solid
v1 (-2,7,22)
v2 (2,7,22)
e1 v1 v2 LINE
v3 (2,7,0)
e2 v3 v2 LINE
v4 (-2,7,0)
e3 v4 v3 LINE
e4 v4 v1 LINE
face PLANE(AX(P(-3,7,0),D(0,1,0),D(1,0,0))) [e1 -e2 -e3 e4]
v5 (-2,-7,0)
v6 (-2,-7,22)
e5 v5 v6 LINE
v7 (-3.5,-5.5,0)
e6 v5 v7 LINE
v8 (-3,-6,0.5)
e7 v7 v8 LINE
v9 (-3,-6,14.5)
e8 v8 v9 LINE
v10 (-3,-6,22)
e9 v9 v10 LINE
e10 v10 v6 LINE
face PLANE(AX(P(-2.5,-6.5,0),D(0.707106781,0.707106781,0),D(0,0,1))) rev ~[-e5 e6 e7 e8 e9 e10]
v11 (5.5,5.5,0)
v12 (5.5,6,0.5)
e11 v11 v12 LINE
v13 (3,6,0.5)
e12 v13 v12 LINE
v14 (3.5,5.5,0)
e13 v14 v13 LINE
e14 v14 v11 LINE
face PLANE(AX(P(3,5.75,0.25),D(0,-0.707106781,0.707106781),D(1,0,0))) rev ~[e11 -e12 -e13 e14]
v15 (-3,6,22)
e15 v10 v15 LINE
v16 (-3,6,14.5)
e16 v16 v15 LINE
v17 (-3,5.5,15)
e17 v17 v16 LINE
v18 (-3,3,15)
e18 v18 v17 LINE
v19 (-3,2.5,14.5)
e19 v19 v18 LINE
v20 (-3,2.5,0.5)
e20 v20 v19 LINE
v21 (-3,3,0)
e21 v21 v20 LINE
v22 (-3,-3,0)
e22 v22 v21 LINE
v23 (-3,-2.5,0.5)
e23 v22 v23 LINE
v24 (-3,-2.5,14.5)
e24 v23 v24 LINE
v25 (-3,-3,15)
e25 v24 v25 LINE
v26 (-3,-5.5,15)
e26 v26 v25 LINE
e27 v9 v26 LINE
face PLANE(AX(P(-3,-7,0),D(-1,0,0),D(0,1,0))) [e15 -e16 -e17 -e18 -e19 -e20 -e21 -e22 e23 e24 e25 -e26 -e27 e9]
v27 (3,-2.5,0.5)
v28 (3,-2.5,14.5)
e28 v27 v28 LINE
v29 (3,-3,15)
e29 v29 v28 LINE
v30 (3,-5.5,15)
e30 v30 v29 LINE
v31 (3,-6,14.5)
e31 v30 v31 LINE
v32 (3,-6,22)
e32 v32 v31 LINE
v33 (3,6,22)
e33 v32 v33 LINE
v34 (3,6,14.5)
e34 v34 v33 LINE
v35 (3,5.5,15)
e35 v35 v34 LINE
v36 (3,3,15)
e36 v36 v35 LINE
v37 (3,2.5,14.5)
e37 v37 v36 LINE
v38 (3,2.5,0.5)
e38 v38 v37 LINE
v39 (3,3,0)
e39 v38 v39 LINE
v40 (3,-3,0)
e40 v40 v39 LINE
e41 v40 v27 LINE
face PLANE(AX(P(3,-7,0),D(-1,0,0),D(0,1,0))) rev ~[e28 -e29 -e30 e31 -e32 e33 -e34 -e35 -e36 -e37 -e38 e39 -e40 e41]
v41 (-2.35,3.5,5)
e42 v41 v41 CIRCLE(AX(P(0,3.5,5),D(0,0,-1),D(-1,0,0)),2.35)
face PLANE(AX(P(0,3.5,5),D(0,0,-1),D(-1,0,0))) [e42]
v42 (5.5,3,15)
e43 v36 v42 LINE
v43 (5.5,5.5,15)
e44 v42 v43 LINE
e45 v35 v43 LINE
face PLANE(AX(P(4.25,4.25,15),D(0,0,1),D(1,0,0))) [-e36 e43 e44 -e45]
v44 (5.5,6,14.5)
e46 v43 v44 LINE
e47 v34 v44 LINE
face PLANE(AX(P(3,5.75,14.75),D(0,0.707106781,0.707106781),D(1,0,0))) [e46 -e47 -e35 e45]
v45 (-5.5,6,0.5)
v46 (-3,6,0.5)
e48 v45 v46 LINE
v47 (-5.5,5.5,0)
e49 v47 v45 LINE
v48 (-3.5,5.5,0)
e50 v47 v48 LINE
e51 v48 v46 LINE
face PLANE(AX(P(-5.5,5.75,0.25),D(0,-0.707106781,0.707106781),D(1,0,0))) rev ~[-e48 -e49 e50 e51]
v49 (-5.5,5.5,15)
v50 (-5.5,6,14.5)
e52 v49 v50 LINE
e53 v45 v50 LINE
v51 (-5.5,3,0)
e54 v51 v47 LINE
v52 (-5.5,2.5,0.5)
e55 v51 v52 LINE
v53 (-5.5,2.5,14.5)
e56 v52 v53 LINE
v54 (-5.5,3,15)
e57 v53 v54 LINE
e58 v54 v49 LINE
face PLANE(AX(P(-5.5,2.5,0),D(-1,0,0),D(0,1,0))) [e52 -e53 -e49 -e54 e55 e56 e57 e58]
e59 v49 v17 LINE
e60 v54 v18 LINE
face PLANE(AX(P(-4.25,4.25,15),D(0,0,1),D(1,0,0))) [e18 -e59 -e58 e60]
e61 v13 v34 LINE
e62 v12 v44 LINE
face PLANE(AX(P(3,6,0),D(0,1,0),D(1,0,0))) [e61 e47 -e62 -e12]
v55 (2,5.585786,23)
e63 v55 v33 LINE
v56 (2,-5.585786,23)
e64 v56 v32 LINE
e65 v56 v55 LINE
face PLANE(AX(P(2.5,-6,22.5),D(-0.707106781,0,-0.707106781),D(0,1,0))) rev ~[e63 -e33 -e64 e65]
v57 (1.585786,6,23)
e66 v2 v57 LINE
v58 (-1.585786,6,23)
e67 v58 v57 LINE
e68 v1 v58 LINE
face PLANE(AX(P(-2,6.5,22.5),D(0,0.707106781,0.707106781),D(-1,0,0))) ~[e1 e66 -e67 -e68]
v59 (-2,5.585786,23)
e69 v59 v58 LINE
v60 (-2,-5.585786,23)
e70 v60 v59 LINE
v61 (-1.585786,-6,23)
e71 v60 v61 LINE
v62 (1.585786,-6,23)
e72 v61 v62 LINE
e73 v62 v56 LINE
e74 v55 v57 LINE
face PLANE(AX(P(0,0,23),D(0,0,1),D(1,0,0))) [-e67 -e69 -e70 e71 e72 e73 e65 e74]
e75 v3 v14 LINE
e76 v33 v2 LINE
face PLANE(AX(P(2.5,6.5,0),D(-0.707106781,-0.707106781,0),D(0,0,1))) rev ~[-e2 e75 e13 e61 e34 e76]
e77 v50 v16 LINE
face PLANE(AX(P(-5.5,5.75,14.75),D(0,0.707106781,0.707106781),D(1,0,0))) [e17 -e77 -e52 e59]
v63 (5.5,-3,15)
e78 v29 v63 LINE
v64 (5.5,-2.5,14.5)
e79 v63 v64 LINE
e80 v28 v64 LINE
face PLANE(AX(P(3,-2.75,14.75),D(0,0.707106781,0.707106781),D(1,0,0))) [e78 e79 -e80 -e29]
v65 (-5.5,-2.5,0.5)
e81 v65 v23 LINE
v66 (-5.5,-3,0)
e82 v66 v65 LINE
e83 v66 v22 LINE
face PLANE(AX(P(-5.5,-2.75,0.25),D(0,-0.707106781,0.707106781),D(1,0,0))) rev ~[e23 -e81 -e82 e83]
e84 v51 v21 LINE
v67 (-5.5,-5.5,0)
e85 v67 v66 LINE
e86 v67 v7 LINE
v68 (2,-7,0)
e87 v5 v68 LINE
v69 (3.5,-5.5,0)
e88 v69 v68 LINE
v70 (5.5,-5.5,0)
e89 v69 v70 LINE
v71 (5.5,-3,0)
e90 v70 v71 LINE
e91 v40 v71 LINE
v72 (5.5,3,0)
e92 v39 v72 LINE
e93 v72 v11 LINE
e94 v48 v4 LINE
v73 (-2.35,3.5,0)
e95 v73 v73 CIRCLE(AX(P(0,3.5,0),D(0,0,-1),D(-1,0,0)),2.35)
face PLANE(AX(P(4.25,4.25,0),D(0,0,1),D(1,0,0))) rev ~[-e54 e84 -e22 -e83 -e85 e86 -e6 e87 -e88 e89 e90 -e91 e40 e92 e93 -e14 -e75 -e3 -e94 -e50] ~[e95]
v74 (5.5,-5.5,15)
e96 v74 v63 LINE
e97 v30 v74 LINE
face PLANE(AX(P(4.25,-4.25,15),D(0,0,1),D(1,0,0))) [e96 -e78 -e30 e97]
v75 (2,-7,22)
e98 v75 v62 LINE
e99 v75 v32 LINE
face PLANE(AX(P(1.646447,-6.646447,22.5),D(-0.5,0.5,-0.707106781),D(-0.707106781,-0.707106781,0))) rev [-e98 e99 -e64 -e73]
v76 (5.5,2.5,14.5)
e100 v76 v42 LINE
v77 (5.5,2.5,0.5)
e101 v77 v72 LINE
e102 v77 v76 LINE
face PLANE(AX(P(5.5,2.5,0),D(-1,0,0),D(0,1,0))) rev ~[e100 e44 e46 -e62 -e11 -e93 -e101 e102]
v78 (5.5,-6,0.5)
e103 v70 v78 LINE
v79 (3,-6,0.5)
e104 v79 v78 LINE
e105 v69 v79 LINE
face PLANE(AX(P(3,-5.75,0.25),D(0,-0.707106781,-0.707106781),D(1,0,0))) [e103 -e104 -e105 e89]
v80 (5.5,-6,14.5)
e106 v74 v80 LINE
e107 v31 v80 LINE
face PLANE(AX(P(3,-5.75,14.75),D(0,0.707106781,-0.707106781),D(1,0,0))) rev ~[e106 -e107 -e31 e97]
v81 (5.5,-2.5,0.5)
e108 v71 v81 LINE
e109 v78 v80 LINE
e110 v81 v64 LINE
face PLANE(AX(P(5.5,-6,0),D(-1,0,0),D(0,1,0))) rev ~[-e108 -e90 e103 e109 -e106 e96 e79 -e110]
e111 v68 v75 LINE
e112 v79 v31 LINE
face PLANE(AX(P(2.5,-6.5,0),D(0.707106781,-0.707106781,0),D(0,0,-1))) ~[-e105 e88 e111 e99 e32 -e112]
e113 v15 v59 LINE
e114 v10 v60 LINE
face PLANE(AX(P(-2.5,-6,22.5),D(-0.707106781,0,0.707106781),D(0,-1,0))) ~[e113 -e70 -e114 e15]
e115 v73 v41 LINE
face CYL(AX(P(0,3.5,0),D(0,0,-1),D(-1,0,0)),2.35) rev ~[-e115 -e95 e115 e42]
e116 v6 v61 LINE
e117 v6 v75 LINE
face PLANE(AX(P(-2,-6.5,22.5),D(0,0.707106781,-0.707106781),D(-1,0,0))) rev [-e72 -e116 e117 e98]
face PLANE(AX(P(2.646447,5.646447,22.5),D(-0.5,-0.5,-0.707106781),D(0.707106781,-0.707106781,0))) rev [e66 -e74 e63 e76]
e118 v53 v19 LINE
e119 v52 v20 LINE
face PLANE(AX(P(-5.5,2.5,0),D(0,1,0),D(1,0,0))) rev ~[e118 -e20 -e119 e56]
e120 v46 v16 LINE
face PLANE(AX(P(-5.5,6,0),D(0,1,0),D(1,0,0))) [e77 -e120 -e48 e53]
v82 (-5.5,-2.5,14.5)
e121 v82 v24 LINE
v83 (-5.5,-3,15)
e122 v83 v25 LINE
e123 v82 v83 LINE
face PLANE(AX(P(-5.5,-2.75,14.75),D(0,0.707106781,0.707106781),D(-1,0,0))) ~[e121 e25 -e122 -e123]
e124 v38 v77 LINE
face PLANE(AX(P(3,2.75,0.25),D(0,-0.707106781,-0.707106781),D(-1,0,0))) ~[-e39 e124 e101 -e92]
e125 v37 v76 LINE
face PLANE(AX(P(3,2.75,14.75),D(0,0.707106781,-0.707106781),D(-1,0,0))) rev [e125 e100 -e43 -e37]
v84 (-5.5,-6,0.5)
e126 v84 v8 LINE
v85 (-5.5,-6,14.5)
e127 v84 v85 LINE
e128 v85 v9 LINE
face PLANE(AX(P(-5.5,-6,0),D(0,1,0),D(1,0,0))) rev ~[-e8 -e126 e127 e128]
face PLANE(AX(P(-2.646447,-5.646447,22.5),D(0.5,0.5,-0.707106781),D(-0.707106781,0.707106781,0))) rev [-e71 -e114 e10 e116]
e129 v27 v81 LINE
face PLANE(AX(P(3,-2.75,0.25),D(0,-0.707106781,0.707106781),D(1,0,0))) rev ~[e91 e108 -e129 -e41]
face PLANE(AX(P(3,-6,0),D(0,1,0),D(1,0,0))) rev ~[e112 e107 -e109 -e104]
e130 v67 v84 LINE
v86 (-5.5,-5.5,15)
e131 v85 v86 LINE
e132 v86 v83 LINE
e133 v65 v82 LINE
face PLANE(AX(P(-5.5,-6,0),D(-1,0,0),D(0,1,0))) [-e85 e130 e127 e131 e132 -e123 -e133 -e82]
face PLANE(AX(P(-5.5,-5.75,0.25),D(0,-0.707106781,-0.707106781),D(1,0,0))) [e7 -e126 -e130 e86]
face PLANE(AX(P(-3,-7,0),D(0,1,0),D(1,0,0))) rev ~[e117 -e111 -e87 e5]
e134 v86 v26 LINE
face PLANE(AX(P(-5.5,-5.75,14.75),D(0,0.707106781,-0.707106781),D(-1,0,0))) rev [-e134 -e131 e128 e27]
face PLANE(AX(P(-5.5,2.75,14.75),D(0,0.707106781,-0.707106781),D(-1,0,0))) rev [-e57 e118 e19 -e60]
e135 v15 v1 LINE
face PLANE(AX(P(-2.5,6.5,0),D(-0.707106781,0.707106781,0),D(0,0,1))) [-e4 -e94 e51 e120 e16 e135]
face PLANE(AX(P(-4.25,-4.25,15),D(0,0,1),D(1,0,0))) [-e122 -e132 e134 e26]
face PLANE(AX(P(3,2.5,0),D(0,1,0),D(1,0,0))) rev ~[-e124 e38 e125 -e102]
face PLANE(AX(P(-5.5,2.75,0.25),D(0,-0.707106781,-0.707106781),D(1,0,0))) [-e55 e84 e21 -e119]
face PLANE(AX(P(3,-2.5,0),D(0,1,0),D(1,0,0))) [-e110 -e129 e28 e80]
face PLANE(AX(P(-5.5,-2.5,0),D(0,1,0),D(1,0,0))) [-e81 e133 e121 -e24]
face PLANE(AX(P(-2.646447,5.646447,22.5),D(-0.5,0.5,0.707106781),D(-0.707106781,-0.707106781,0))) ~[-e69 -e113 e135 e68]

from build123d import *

# Parameters (mm, degrees)
SKETCH_1_W          = 6
SKETCH_1_H          = 14
EXTRUDE_1_DEPTH     = 23
CHAMFER_1_SIZE      = 1
SKETCH_2_W          = 2.5
SKETCH_2_H          = 3.5
EXTRUDE_2_DEPTH     = 15
CHAMFER_2_SIZE      = 0.5
CHAMFER_3_SIZE      = 1
SKETCH_3_R          = 2.35
CUT_EXTRUDE_1_DEPTH = 5


with BuildPart() as part:
    # 스케치1 → 보스-돌출1 (new body)
    with BuildSketch(Plane.XY):
        Rectangle(SKETCH_1_W, SKETCH_1_H)
    extrude(amount=EXTRUDE_1_DEPTH)

    # 모따기1
    chamfer_1_edges = [part.edges().sort_by_distance(p)[0] for p in [
        (3, -7, 11.5),
        (-3, -7, 11.5),
        (-3, 7, 11.5),
        (3, 7, 11.5),
    ]]
    chamfer(chamfer_1_edges, length=CHAMFER_1_SIZE)

    # 스케치2 → 보스-돌출2 (add)
    with BuildSketch(Plane.XY):
        with Locations((4.25, 4.25)):
            Rectangle(SKETCH_2_W, SKETCH_2_H)
        with Locations((4.25, -4.25)):
            Rectangle(SKETCH_2_W, SKETCH_2_H)
        with Locations((-4.25, -4.25)):
            Rectangle(SKETCH_2_W, SKETCH_2_H)
        with Locations((-4.25, 4.25)):
            Rectangle(SKETCH_2_W, SKETCH_2_H)
    extrude(amount=EXTRUDE_2_DEPTH)

    # 모따기2
    chamfer_2_edges = [part.edges().sort_by_distance(p)[0] for p in [
        (-4.25, -6, 15),
        (-4.25, -2.5, 15),
        (-4.25, 2.5, 15),
        (-4.25, 6, 15),
        (-4.25, 2.5, 0),
        (-4.25, 6, 0),
        (-4.25, -6, 0),
        (-4.25, -2.5, 0),
        (4.25, -2.5, 0),
        (4.25, -2.5, 15),
        (4.25, -6, 0),
        (4.25, -6, 15),
        (4.25, 2.5, 0),
        (4.25, 2.5, 15),
        (4.25, 6, 0),
        (4.25, 6, 15),
    ]]
    chamfer(chamfer_2_edges, length=CHAMFER_2_SIZE)

    # 모따기3
    chamfer_3_edges = [part.edges().sort_by_distance(p)[0] for p in [
        (0, -7, 23),
        (-3, 0, 23),
        (3, 0, 23),
        (0, 7, 23),
        (-2.5, 6.5, 23),
        (2.5, 6.5, 23),
        (2.5, -6.5, 23),
        (-2.5, -6.5, 23),
    ]]
    chamfer(chamfer_3_edges, length=CHAMFER_3_SIZE)

    # 스케치3 → 컷-돌출1 (cut)
    with BuildSketch(Plane(origin=(0, 0, 0), x_dir=(-1, 0, 0), z_dir=(0, 0, -1))):
        with Locations((0, 3.5)):
            Circle(SKETCH_3_R)
    extrude(amount=-CUT_EXTRUDE_1_DEPTH, mode=Mode.SUBTRACT)


solid = part.part
